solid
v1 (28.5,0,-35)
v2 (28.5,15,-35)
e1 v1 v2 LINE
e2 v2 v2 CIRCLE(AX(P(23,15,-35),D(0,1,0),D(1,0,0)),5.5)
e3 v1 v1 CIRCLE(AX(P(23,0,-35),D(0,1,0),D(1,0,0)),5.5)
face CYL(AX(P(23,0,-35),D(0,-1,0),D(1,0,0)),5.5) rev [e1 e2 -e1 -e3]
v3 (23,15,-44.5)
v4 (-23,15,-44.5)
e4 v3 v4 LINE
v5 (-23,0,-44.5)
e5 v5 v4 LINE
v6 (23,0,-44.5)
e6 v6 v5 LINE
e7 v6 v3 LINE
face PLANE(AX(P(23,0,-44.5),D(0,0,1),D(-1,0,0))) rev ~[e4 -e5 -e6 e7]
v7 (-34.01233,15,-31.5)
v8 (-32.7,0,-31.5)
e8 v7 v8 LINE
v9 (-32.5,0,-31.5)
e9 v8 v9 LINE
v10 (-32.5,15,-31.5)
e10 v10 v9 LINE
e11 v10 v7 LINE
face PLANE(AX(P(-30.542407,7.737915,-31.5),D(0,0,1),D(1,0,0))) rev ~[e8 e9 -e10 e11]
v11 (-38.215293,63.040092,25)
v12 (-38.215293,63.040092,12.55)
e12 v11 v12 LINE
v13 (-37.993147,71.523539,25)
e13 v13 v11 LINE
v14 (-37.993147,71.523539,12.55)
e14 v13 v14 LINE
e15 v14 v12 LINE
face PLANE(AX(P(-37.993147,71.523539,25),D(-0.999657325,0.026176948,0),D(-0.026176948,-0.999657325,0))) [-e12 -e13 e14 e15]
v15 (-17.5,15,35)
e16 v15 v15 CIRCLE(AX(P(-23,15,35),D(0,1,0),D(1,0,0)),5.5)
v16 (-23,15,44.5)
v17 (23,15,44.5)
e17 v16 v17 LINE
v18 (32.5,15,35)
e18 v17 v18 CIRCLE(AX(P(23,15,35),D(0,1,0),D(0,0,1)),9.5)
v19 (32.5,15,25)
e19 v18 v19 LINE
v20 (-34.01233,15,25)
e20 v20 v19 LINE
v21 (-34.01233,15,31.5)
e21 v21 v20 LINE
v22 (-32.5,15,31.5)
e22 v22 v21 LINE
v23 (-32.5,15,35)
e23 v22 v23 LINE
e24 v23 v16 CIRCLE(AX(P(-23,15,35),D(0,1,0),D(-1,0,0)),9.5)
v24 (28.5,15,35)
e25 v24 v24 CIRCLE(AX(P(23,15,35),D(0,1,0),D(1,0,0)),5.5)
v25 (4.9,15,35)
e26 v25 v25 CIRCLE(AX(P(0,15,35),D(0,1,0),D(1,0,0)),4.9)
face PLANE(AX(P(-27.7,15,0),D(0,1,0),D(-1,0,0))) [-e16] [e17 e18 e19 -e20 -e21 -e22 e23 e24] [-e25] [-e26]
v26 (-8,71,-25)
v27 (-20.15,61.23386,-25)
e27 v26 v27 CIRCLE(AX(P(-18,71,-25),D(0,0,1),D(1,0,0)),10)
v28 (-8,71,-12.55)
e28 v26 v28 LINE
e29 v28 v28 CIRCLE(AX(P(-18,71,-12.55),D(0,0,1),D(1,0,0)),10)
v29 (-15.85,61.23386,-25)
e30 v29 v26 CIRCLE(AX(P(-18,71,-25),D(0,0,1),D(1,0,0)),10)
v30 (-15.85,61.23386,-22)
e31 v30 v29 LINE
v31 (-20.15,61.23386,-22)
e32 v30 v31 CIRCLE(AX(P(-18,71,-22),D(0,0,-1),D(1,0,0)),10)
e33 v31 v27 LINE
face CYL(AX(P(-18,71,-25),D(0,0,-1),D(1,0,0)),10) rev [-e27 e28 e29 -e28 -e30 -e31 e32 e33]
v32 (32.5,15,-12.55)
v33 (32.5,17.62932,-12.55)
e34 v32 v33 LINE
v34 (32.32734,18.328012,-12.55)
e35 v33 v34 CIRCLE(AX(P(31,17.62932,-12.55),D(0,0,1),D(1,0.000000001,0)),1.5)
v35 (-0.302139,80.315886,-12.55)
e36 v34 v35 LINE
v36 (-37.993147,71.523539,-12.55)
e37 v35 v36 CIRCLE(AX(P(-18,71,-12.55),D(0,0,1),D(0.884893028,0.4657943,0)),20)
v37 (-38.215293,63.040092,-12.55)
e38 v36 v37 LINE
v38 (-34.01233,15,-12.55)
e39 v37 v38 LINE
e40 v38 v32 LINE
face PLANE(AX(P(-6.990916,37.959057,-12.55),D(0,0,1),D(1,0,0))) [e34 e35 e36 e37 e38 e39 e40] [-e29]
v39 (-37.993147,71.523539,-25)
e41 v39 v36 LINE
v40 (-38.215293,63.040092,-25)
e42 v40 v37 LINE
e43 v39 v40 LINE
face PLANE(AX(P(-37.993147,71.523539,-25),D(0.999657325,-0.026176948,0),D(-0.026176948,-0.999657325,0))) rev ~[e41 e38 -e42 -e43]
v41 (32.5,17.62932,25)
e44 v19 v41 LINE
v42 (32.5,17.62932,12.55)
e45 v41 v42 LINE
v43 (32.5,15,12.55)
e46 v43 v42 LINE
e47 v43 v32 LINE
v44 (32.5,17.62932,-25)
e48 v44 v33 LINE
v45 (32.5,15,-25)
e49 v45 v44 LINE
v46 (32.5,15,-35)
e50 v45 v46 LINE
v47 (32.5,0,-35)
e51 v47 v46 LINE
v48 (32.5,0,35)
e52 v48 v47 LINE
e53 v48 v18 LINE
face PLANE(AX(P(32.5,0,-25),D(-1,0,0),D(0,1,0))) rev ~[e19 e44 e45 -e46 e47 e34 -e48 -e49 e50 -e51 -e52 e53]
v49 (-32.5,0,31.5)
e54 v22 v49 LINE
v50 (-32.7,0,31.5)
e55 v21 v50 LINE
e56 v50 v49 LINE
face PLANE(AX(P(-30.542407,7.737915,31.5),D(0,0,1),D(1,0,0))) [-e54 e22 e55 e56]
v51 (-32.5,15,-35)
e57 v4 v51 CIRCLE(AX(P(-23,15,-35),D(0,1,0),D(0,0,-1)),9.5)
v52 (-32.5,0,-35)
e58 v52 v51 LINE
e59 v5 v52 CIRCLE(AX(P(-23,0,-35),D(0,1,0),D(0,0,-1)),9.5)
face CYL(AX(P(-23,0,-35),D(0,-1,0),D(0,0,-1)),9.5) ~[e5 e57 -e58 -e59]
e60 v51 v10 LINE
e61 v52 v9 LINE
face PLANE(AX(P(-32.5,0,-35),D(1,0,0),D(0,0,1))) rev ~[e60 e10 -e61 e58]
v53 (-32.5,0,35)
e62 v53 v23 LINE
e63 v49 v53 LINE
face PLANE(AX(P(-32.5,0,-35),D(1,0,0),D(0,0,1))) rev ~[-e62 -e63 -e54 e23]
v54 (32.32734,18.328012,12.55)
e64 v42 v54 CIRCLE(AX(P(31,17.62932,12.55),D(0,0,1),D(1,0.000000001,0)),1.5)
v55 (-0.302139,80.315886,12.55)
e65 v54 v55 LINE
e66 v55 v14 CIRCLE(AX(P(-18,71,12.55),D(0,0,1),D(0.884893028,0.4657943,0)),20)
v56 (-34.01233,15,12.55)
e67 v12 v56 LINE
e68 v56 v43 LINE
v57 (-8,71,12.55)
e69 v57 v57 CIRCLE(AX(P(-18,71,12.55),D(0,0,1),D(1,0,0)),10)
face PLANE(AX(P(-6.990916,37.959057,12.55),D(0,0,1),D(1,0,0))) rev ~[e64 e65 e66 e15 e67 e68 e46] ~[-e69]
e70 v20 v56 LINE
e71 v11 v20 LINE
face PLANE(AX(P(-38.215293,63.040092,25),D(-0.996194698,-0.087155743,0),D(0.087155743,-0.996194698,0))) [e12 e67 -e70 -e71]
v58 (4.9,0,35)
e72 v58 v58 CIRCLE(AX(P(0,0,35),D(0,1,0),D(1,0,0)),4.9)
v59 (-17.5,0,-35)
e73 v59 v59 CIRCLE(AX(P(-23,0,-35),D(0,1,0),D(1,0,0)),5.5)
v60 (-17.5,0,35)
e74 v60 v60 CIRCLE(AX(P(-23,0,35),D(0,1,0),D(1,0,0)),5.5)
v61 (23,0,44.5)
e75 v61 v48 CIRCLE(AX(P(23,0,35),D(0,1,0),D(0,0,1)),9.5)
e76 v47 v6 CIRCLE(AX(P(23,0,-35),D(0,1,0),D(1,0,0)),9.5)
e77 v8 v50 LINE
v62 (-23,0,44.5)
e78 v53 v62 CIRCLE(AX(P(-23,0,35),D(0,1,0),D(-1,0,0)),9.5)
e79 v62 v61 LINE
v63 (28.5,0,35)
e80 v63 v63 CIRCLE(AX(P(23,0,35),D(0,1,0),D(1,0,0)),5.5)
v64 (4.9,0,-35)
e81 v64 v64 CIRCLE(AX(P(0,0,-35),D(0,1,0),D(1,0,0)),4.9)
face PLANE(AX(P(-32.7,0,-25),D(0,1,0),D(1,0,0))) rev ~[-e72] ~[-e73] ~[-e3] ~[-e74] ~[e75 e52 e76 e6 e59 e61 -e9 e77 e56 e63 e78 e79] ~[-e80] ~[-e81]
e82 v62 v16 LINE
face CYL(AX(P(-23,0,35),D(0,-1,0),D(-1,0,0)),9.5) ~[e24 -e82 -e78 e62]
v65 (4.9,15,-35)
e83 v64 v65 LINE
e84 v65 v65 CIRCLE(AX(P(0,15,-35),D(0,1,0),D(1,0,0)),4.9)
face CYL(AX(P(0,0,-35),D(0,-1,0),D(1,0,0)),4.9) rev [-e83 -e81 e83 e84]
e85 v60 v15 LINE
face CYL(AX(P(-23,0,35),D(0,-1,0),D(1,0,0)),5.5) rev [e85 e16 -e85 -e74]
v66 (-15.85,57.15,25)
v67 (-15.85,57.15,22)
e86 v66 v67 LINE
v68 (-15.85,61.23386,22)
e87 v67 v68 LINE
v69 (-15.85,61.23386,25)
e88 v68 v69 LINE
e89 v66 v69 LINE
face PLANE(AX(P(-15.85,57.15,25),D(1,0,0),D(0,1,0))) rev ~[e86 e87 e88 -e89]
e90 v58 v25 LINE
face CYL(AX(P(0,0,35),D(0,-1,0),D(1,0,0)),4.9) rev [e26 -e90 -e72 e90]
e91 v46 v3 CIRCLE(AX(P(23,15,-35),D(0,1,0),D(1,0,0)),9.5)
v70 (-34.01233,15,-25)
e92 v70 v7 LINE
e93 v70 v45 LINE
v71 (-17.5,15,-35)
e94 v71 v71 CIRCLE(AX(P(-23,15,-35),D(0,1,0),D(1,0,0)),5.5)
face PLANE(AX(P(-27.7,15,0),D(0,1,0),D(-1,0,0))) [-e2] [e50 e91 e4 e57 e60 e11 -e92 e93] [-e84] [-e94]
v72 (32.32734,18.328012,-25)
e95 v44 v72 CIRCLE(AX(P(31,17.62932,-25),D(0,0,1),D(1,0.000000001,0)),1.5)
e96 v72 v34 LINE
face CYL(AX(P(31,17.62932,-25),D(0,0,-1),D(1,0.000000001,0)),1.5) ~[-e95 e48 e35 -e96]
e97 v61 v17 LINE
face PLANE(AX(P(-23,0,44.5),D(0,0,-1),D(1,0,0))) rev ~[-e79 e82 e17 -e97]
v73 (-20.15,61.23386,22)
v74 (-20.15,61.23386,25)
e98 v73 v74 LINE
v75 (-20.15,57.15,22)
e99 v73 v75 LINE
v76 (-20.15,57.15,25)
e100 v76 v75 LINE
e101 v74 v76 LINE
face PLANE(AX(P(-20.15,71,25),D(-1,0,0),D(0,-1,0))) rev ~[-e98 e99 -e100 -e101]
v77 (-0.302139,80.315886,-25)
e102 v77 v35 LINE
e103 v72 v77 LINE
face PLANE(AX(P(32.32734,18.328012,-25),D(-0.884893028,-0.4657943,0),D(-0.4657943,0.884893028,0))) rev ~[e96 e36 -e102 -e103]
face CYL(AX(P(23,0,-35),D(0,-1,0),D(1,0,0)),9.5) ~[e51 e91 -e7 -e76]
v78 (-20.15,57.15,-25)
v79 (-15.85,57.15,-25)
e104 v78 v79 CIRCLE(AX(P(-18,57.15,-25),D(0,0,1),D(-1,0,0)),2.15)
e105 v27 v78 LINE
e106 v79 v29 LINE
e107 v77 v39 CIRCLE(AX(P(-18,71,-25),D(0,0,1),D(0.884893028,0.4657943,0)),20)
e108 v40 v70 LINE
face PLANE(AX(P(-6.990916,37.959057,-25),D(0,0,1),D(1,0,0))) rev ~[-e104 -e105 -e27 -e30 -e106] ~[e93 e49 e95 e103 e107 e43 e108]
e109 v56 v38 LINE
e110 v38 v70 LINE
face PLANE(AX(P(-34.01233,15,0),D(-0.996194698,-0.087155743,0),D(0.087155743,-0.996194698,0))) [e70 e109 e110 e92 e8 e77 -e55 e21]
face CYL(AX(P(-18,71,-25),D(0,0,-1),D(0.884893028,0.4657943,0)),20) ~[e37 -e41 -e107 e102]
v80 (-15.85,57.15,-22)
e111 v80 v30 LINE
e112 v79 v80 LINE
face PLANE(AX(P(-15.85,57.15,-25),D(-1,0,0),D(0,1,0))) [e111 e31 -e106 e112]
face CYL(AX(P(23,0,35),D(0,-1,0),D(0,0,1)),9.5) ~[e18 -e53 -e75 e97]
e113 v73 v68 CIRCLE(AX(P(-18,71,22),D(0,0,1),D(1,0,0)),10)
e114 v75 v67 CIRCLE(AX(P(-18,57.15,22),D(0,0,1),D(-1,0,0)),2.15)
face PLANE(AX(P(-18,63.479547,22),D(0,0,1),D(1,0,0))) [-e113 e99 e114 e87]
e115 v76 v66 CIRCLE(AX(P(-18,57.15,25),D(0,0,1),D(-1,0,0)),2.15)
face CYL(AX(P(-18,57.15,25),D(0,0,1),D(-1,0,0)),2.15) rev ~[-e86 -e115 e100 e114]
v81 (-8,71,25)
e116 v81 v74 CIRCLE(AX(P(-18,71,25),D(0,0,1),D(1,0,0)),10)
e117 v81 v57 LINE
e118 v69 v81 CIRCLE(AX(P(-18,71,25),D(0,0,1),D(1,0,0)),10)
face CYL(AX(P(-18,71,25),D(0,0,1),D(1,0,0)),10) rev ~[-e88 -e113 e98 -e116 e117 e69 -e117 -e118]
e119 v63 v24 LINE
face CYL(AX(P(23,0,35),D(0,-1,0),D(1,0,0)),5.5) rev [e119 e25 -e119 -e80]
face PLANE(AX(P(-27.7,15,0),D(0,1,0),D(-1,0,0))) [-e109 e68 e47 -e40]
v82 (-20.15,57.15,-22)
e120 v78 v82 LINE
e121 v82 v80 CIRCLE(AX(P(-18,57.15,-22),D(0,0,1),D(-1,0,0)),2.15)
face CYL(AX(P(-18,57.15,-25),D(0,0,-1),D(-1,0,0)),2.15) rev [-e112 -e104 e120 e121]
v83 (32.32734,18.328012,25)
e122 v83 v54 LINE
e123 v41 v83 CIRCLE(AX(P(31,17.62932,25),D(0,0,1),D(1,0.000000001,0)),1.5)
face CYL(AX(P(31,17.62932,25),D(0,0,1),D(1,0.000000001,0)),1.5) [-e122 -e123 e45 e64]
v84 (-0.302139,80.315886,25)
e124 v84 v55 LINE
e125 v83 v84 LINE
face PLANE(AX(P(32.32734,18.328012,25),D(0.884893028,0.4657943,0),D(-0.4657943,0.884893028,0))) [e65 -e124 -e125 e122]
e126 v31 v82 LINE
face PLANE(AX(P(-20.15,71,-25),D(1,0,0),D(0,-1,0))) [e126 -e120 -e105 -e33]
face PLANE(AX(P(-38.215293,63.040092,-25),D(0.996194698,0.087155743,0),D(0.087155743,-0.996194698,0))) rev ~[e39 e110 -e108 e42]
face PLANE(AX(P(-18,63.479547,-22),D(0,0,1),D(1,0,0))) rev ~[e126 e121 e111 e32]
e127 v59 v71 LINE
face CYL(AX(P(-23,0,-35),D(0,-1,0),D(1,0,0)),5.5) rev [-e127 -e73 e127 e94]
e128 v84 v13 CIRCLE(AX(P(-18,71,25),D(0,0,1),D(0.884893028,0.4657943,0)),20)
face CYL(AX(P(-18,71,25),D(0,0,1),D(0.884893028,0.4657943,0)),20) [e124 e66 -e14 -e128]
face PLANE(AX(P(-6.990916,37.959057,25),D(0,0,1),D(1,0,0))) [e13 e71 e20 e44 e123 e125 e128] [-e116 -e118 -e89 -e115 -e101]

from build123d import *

# Parameters (mm, degrees)
SKETCH1_R                = 5.5
SKETCH1_R_2              = 4.9
BOSS_EXTRUDE1_DEPTH      = 15
BOSS_EXTRUDE2_DEPTH      = 31.5
BOSS_EXTRUDE2_DEPTH_BACK = 31.5
SKETCH3_R                = 10
BOSS_EXTRUDE3_DEPTH      = 12.45
SKETCH4_R                = 10
BOSS_EXTRUDE4_DEPTH      = 12.45
CUT_EXTRUDE1_DEPTH       = 3
CUT_EXTRUDE1_DEPTH_BACK  = 3
CUT_EXTRUDE2_DEPTH       = 3
CUT_EXTRUDE2_DEPTH_BACK  = 3


with BuildPart() as part:
    # Sketch1 → Boss-Extrude1 (new body)
    with BuildSketch(Plane(origin=(0, 0, 0), x_dir=(1, 0, 0), z_dir=(0, 1, 0))):
        with BuildLine():
            Line((-23, -44.5), (23, -44.5))
            ThreePointArc((23, -44.5), (29.717514421, -41.717514421), (32.5, -35))
            Line((32.5, -35), (32.5, 35))
            ThreePointArc((32.5, 35), (29.717514421, 41.717514421), (23, 44.5))
            Line((23, 44.5), (-23, 44.5))
            ThreePointArc((-23, 44.5), (-29.717514421, 41.717514421), (-32.5, 35))
            Line((-32.5, 35), (-32.5, -35))
            ThreePointArc((-32.5, -35), (-29.717514421, -41.717514421), (-23, -44.5))
        make_face()
        with Locations((23, 35)):
            Circle(SKETCH1_R, mode=Mode.SUBTRACT)
        with Locations((23, -35)):
            Circle(SKETCH1_R, mode=Mode.SUBTRACT)
        with Locations((0, 35)):
            Circle(SKETCH1_R_2, mode=Mode.SUBTRACT)
        with Locations((0, -35)):
            Circle(SKETCH1_R_2, mode=Mode.SUBTRACT)
        with Locations((-23, 35)):
            Circle(SKETCH1_R, mode=Mode.SUBTRACT)
        with Locations((-23, -35)):
            Circle(SKETCH1_R, mode=Mode.SUBTRACT)
    extrude(amount=BOSS_EXTRUDE1_DEPTH)

    # Sketch2 → Boss-Extrude2 (add, two sides)
    with BuildSketch(Plane.XY) as boss_extrude2_sk:
        Polygon((-34.012329953, 15), (-32.7, 0), (-27.7, 0), (-27.7, 15), align=None)
    extrude(amount=BOSS_EXTRUDE2_DEPTH)
    extrude(boss_extrude2_sk.sketch, amount=-BOSS_EXTRUDE2_DEPTH_BACK)

    # Sketch3 → Boss-Extrude3 (add)
    with BuildSketch(Plane.XY.offset(25)):
        with BuildLine():
            Line((-38.215293381, 63.040091813), (-32.7, 0))
            Line((-32.7, 0), (32.5, 0))
            Line((32.5, 0), (32.5, 17.62932037))
            ThreePointArc((32.5, 17.62932037), (32.456195267, 17.989174985), (32.327339541, 18.32801182))
            Line((32.327339541, 18.32801182), (-0.302139449, 80.315885997))
            ThreePointArc((-0.302139449, 80.315885997), (-22.543503711, 90.47707817), (-37.9931465, 71.523538966))
            Line((-37.9931465, 71.523538966), (-38.215293381, 63.040091813))
        make_face()
        with Locations((-18, 71)):
            Circle(SKETCH3_R, mode=Mode.SUBTRACT)
    extrude(amount=-BOSS_EXTRUDE3_DEPTH)

    # Sketch4 → Boss-Extrude4 (add)
    with BuildSketch(Plane.XY.offset(-25)):
        with BuildLine():
            Line((-38.215293381, 63.040091813), (-32.7, 0))
            Line((-32.7, 0), (32.5, 0))
            Line((32.5, 0), (32.5, 17.62932037))
            ThreePointArc((32.5, 17.62932037), (32.456195267, 17.989174985), (32.327339541, 18.32801182))
            Line((32.327339541, 18.32801182), (-0.302139449, 80.315885997))
            ThreePointArc((-0.302139449, 80.315885997), (-22.543503711, 90.47707817), (-37.9931465, 71.523538966))
            Line((-37.9931465, 71.523538966), (-38.215293381, 63.040091813))
        make_face()
        with Locations((-18, 71)):
            Circle(SKETCH4_R, mode=Mode.SUBTRACT)
    extrude(amount=BOSS_EXTRUDE4_DEPTH)

    # Sketch5 → Cut-Extrude1 (cut, two sides)
    with BuildSketch(Plane.XY.offset(25)) as cut_extrude1_sk:
        with BuildLine():
            Line((-15.85, 57.15), (-15.85, 71))
            Line((-15.85, 71), (-20.15, 71))
            Line((-20.15, 71), (-20.15, 57.15))
            ThreePointArc((-20.15, 57.15), (-18, 55), (-15.85, 57.15))
        make_face()
    extrude(amount=CUT_EXTRUDE1_DEPTH, mode=Mode.SUBTRACT)
    extrude(cut_extrude1_sk.sketch, amount=-CUT_EXTRUDE1_DEPTH_BACK, mode=Mode.SUBTRACT)

    # Sketch6 → Cut-Extrude2 (cut, two sides)
    with BuildSketch(Plane.XY.offset(-25)) as cut_extrude2_sk:
        with BuildLine():
            Line((-15.85, 57.15), (-15.85, 71))
            Line((-15.85, 71), (-20.15, 71))
            Line((-20.15, 71), (-20.15, 57.15))
            ThreePointArc((-20.15, 57.15), (-18, 55), (-15.85, 57.15))
        make_face()
    extrude(amount=CUT_EXTRUDE2_DEPTH, mode=Mode.SUBTRACT)
    extrude(cut_extrude2_sk.sketch, amount=-CUT_EXTRUDE2_DEPTH_BACK, mode=Mode.SUBTRACT)


solid = part.part
